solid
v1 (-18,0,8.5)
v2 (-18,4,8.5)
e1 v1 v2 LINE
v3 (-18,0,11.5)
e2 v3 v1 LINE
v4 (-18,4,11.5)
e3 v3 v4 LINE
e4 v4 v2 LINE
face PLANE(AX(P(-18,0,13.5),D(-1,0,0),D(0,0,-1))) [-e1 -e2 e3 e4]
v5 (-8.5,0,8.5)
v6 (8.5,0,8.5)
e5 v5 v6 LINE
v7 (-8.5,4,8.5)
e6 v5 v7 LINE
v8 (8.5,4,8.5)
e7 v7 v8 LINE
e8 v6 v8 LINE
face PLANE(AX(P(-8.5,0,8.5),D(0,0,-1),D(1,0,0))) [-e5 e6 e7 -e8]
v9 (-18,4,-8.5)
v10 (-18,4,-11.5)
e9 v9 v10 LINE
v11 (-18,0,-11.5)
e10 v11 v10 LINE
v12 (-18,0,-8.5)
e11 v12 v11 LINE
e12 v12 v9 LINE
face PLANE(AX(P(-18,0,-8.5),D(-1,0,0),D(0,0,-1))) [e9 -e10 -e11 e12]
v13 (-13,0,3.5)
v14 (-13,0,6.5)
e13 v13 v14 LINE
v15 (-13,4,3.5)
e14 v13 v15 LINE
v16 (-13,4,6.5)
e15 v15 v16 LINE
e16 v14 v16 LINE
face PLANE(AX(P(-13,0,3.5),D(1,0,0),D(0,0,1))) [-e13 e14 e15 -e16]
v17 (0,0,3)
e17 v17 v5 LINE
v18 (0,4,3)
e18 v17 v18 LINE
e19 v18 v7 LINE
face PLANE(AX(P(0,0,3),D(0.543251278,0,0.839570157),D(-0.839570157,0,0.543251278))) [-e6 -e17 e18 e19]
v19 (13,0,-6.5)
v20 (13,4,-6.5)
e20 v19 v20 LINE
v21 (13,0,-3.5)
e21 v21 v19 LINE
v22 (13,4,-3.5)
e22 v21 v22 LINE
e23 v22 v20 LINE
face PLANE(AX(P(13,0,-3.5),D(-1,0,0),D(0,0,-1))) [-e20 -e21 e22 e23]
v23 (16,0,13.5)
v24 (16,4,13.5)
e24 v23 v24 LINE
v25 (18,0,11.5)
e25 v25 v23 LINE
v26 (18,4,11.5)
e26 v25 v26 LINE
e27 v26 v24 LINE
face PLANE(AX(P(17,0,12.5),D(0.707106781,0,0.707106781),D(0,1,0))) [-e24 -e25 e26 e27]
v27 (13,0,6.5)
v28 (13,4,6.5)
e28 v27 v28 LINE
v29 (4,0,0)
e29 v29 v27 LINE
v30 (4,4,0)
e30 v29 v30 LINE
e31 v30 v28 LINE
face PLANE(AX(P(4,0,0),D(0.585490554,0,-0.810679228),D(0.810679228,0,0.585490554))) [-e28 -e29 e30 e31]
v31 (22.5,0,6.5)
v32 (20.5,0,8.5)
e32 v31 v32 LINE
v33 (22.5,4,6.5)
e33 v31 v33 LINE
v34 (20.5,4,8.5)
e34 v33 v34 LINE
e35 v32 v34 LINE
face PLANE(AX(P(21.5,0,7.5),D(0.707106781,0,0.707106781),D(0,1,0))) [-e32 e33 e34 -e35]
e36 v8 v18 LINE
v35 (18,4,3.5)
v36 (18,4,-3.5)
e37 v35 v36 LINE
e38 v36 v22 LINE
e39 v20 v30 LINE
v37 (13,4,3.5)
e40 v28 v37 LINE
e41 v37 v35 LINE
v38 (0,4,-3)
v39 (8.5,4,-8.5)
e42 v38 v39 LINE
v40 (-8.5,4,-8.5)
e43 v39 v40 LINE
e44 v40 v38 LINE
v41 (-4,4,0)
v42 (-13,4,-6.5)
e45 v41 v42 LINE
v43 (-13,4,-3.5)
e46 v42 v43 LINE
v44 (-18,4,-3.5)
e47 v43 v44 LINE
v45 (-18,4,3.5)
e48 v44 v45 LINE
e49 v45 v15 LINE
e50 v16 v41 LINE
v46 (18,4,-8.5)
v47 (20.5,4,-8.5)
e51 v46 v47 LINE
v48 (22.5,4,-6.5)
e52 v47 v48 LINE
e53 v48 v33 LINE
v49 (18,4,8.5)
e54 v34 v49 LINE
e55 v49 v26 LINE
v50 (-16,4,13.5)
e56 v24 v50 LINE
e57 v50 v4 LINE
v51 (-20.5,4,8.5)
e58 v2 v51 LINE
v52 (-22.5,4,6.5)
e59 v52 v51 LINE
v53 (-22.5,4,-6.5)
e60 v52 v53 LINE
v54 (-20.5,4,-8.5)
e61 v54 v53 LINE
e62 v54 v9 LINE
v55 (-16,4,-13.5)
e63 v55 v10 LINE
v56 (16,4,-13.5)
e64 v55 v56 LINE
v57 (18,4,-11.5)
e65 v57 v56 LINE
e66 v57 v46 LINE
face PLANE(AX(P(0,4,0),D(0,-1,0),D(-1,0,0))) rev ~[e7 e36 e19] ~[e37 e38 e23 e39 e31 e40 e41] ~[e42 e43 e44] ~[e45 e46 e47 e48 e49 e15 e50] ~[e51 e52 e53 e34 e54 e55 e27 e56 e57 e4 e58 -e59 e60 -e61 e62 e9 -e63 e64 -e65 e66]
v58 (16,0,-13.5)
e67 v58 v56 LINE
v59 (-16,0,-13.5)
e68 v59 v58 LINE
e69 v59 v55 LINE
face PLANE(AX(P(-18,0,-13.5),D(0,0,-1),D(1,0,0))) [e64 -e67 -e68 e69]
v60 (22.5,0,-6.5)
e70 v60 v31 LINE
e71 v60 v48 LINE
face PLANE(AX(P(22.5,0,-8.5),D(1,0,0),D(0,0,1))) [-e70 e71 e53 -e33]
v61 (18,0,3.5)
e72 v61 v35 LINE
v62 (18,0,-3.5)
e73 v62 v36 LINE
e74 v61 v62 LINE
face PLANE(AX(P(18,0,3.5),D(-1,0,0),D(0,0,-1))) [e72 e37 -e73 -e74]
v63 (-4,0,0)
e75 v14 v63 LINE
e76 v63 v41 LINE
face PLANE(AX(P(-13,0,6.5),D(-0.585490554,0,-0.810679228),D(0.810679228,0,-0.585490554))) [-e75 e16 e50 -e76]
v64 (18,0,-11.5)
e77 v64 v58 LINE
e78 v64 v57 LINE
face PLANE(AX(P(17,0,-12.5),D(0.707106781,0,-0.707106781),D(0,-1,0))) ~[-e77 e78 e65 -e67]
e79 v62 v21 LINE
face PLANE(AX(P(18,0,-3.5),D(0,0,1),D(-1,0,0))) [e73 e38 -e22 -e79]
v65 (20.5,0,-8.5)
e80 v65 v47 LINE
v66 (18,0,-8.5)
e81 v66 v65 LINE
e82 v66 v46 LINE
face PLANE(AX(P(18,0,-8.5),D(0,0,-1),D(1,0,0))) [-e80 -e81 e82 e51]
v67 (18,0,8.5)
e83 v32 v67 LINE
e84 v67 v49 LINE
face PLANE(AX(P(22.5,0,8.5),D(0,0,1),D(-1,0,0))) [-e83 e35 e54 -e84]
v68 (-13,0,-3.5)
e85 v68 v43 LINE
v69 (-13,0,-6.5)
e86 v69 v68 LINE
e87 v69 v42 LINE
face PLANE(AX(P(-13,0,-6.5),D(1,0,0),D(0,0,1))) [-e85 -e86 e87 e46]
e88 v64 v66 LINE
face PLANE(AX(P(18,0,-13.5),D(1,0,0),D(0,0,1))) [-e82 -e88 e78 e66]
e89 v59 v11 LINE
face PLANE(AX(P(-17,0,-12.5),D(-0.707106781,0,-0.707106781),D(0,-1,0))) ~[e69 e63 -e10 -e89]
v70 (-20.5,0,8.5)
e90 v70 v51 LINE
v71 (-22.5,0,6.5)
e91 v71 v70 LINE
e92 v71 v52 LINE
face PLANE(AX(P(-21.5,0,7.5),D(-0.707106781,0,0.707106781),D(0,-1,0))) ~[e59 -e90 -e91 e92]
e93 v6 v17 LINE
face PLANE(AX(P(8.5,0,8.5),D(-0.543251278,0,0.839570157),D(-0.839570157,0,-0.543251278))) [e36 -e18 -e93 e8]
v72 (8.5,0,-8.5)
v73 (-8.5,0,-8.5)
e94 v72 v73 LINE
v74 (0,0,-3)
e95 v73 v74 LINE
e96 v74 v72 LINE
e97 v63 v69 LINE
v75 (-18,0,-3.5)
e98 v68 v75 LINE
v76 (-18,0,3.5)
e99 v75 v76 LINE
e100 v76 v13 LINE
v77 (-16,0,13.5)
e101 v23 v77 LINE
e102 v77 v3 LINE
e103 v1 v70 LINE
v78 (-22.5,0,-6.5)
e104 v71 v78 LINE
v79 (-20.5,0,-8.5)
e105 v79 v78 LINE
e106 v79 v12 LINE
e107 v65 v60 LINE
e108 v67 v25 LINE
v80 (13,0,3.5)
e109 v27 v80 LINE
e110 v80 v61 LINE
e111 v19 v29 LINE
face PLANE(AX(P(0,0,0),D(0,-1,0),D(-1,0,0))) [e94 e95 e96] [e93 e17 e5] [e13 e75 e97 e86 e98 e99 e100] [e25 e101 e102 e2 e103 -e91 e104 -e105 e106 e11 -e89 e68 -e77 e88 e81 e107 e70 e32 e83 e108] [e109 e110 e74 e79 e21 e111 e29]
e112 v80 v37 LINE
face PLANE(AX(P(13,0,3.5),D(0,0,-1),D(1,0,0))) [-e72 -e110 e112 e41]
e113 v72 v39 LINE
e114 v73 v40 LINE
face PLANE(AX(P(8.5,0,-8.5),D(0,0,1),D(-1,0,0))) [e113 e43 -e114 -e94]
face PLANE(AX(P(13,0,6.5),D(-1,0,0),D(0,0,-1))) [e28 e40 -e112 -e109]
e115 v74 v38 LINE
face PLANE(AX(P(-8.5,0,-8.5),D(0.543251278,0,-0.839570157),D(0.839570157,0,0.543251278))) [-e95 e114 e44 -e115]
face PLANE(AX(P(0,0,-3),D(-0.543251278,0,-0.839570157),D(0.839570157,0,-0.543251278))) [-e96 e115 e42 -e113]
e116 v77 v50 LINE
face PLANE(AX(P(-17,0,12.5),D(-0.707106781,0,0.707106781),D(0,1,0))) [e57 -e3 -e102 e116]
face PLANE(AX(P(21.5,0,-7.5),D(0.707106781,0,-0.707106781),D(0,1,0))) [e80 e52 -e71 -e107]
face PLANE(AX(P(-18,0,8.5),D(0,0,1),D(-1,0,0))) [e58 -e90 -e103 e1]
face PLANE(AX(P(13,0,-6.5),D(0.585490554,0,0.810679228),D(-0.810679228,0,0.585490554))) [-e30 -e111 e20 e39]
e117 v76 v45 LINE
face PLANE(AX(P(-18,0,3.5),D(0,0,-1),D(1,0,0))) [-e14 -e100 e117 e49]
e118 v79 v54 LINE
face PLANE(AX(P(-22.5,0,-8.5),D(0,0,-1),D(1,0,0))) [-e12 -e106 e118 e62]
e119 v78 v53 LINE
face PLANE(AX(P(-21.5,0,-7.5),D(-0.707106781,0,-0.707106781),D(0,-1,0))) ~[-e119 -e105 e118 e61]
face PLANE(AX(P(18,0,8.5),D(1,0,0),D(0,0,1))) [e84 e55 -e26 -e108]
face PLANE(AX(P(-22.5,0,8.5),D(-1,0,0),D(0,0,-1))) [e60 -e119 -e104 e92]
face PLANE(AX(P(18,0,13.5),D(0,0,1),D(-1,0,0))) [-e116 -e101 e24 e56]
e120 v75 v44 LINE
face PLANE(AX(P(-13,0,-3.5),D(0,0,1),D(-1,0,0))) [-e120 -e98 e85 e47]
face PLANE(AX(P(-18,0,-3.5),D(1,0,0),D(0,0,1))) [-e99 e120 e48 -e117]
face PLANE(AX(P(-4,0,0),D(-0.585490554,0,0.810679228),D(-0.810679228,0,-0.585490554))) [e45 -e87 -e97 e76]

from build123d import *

# Parameters (mm, degrees)
BOSS_EXTRUDE1_DEPTH = 4
CHAMFER1_SIZE       = 2


with BuildPart() as part:
    # Sketch2 → Boss-Extrude1 (new body)
    with BuildSketch(Plane(origin=(0, 0, 0), x_dir=(1, 0, 0), z_dir=(0, 1, 0))):
        Polygon((18, 8.5), (22.5, 8.5), (22.5, -8.5), (18, -8.5), (18, -13.5), (-18, -13.5), (-18, -8.5), (-22.5, -8.5), (-22.5, 8.5), (-18, 8.5), (-18, 13.5), (18, 13.5), align=None)
        Polygon((-8.5, -8.5), (8.5, -8.5), (0, -3), align=None, mode=Mode.SUBTRACT)
        Polygon((-4, 0), (-13, 6.5), (-13, 3.5), (-18, 3.5), (-18, -3.5), (-13, -3.5), (-13, -6.5), align=None, mode=Mode.SUBTRACT)
        Polygon((-8.5, 8.5), (0, 3), (8.5, 8.5), align=None, mode=Mode.SUBTRACT)
        Polygon((4, 0), (13, -6.5), (13, -3.5), (18, -3.5), (18, 3.5), (13, 3.5), (13, 6.5), align=None, mode=Mode.SUBTRACT)
    extrude(amount=BOSS_EXTRUDE1_DEPTH)

    # Chamfer1
    chamfer1_edges = [part.edges().sort_by_distance(p)[0] for p in [
        (22.5, 2, -8.5),
        (22.5, 2, 8.5),
        (18, 2, 13.5),
        (-18, 2, 13.5),
        (-22.5, 2, 8.5),
        (-22.5, 2, -8.5),
        (-18, 2, -13.5),
        (18, 2, -13.5),
    ]]
    chamfer(chamfer1_edges, length=CHAMFER1_SIZE)


solid = part.part
